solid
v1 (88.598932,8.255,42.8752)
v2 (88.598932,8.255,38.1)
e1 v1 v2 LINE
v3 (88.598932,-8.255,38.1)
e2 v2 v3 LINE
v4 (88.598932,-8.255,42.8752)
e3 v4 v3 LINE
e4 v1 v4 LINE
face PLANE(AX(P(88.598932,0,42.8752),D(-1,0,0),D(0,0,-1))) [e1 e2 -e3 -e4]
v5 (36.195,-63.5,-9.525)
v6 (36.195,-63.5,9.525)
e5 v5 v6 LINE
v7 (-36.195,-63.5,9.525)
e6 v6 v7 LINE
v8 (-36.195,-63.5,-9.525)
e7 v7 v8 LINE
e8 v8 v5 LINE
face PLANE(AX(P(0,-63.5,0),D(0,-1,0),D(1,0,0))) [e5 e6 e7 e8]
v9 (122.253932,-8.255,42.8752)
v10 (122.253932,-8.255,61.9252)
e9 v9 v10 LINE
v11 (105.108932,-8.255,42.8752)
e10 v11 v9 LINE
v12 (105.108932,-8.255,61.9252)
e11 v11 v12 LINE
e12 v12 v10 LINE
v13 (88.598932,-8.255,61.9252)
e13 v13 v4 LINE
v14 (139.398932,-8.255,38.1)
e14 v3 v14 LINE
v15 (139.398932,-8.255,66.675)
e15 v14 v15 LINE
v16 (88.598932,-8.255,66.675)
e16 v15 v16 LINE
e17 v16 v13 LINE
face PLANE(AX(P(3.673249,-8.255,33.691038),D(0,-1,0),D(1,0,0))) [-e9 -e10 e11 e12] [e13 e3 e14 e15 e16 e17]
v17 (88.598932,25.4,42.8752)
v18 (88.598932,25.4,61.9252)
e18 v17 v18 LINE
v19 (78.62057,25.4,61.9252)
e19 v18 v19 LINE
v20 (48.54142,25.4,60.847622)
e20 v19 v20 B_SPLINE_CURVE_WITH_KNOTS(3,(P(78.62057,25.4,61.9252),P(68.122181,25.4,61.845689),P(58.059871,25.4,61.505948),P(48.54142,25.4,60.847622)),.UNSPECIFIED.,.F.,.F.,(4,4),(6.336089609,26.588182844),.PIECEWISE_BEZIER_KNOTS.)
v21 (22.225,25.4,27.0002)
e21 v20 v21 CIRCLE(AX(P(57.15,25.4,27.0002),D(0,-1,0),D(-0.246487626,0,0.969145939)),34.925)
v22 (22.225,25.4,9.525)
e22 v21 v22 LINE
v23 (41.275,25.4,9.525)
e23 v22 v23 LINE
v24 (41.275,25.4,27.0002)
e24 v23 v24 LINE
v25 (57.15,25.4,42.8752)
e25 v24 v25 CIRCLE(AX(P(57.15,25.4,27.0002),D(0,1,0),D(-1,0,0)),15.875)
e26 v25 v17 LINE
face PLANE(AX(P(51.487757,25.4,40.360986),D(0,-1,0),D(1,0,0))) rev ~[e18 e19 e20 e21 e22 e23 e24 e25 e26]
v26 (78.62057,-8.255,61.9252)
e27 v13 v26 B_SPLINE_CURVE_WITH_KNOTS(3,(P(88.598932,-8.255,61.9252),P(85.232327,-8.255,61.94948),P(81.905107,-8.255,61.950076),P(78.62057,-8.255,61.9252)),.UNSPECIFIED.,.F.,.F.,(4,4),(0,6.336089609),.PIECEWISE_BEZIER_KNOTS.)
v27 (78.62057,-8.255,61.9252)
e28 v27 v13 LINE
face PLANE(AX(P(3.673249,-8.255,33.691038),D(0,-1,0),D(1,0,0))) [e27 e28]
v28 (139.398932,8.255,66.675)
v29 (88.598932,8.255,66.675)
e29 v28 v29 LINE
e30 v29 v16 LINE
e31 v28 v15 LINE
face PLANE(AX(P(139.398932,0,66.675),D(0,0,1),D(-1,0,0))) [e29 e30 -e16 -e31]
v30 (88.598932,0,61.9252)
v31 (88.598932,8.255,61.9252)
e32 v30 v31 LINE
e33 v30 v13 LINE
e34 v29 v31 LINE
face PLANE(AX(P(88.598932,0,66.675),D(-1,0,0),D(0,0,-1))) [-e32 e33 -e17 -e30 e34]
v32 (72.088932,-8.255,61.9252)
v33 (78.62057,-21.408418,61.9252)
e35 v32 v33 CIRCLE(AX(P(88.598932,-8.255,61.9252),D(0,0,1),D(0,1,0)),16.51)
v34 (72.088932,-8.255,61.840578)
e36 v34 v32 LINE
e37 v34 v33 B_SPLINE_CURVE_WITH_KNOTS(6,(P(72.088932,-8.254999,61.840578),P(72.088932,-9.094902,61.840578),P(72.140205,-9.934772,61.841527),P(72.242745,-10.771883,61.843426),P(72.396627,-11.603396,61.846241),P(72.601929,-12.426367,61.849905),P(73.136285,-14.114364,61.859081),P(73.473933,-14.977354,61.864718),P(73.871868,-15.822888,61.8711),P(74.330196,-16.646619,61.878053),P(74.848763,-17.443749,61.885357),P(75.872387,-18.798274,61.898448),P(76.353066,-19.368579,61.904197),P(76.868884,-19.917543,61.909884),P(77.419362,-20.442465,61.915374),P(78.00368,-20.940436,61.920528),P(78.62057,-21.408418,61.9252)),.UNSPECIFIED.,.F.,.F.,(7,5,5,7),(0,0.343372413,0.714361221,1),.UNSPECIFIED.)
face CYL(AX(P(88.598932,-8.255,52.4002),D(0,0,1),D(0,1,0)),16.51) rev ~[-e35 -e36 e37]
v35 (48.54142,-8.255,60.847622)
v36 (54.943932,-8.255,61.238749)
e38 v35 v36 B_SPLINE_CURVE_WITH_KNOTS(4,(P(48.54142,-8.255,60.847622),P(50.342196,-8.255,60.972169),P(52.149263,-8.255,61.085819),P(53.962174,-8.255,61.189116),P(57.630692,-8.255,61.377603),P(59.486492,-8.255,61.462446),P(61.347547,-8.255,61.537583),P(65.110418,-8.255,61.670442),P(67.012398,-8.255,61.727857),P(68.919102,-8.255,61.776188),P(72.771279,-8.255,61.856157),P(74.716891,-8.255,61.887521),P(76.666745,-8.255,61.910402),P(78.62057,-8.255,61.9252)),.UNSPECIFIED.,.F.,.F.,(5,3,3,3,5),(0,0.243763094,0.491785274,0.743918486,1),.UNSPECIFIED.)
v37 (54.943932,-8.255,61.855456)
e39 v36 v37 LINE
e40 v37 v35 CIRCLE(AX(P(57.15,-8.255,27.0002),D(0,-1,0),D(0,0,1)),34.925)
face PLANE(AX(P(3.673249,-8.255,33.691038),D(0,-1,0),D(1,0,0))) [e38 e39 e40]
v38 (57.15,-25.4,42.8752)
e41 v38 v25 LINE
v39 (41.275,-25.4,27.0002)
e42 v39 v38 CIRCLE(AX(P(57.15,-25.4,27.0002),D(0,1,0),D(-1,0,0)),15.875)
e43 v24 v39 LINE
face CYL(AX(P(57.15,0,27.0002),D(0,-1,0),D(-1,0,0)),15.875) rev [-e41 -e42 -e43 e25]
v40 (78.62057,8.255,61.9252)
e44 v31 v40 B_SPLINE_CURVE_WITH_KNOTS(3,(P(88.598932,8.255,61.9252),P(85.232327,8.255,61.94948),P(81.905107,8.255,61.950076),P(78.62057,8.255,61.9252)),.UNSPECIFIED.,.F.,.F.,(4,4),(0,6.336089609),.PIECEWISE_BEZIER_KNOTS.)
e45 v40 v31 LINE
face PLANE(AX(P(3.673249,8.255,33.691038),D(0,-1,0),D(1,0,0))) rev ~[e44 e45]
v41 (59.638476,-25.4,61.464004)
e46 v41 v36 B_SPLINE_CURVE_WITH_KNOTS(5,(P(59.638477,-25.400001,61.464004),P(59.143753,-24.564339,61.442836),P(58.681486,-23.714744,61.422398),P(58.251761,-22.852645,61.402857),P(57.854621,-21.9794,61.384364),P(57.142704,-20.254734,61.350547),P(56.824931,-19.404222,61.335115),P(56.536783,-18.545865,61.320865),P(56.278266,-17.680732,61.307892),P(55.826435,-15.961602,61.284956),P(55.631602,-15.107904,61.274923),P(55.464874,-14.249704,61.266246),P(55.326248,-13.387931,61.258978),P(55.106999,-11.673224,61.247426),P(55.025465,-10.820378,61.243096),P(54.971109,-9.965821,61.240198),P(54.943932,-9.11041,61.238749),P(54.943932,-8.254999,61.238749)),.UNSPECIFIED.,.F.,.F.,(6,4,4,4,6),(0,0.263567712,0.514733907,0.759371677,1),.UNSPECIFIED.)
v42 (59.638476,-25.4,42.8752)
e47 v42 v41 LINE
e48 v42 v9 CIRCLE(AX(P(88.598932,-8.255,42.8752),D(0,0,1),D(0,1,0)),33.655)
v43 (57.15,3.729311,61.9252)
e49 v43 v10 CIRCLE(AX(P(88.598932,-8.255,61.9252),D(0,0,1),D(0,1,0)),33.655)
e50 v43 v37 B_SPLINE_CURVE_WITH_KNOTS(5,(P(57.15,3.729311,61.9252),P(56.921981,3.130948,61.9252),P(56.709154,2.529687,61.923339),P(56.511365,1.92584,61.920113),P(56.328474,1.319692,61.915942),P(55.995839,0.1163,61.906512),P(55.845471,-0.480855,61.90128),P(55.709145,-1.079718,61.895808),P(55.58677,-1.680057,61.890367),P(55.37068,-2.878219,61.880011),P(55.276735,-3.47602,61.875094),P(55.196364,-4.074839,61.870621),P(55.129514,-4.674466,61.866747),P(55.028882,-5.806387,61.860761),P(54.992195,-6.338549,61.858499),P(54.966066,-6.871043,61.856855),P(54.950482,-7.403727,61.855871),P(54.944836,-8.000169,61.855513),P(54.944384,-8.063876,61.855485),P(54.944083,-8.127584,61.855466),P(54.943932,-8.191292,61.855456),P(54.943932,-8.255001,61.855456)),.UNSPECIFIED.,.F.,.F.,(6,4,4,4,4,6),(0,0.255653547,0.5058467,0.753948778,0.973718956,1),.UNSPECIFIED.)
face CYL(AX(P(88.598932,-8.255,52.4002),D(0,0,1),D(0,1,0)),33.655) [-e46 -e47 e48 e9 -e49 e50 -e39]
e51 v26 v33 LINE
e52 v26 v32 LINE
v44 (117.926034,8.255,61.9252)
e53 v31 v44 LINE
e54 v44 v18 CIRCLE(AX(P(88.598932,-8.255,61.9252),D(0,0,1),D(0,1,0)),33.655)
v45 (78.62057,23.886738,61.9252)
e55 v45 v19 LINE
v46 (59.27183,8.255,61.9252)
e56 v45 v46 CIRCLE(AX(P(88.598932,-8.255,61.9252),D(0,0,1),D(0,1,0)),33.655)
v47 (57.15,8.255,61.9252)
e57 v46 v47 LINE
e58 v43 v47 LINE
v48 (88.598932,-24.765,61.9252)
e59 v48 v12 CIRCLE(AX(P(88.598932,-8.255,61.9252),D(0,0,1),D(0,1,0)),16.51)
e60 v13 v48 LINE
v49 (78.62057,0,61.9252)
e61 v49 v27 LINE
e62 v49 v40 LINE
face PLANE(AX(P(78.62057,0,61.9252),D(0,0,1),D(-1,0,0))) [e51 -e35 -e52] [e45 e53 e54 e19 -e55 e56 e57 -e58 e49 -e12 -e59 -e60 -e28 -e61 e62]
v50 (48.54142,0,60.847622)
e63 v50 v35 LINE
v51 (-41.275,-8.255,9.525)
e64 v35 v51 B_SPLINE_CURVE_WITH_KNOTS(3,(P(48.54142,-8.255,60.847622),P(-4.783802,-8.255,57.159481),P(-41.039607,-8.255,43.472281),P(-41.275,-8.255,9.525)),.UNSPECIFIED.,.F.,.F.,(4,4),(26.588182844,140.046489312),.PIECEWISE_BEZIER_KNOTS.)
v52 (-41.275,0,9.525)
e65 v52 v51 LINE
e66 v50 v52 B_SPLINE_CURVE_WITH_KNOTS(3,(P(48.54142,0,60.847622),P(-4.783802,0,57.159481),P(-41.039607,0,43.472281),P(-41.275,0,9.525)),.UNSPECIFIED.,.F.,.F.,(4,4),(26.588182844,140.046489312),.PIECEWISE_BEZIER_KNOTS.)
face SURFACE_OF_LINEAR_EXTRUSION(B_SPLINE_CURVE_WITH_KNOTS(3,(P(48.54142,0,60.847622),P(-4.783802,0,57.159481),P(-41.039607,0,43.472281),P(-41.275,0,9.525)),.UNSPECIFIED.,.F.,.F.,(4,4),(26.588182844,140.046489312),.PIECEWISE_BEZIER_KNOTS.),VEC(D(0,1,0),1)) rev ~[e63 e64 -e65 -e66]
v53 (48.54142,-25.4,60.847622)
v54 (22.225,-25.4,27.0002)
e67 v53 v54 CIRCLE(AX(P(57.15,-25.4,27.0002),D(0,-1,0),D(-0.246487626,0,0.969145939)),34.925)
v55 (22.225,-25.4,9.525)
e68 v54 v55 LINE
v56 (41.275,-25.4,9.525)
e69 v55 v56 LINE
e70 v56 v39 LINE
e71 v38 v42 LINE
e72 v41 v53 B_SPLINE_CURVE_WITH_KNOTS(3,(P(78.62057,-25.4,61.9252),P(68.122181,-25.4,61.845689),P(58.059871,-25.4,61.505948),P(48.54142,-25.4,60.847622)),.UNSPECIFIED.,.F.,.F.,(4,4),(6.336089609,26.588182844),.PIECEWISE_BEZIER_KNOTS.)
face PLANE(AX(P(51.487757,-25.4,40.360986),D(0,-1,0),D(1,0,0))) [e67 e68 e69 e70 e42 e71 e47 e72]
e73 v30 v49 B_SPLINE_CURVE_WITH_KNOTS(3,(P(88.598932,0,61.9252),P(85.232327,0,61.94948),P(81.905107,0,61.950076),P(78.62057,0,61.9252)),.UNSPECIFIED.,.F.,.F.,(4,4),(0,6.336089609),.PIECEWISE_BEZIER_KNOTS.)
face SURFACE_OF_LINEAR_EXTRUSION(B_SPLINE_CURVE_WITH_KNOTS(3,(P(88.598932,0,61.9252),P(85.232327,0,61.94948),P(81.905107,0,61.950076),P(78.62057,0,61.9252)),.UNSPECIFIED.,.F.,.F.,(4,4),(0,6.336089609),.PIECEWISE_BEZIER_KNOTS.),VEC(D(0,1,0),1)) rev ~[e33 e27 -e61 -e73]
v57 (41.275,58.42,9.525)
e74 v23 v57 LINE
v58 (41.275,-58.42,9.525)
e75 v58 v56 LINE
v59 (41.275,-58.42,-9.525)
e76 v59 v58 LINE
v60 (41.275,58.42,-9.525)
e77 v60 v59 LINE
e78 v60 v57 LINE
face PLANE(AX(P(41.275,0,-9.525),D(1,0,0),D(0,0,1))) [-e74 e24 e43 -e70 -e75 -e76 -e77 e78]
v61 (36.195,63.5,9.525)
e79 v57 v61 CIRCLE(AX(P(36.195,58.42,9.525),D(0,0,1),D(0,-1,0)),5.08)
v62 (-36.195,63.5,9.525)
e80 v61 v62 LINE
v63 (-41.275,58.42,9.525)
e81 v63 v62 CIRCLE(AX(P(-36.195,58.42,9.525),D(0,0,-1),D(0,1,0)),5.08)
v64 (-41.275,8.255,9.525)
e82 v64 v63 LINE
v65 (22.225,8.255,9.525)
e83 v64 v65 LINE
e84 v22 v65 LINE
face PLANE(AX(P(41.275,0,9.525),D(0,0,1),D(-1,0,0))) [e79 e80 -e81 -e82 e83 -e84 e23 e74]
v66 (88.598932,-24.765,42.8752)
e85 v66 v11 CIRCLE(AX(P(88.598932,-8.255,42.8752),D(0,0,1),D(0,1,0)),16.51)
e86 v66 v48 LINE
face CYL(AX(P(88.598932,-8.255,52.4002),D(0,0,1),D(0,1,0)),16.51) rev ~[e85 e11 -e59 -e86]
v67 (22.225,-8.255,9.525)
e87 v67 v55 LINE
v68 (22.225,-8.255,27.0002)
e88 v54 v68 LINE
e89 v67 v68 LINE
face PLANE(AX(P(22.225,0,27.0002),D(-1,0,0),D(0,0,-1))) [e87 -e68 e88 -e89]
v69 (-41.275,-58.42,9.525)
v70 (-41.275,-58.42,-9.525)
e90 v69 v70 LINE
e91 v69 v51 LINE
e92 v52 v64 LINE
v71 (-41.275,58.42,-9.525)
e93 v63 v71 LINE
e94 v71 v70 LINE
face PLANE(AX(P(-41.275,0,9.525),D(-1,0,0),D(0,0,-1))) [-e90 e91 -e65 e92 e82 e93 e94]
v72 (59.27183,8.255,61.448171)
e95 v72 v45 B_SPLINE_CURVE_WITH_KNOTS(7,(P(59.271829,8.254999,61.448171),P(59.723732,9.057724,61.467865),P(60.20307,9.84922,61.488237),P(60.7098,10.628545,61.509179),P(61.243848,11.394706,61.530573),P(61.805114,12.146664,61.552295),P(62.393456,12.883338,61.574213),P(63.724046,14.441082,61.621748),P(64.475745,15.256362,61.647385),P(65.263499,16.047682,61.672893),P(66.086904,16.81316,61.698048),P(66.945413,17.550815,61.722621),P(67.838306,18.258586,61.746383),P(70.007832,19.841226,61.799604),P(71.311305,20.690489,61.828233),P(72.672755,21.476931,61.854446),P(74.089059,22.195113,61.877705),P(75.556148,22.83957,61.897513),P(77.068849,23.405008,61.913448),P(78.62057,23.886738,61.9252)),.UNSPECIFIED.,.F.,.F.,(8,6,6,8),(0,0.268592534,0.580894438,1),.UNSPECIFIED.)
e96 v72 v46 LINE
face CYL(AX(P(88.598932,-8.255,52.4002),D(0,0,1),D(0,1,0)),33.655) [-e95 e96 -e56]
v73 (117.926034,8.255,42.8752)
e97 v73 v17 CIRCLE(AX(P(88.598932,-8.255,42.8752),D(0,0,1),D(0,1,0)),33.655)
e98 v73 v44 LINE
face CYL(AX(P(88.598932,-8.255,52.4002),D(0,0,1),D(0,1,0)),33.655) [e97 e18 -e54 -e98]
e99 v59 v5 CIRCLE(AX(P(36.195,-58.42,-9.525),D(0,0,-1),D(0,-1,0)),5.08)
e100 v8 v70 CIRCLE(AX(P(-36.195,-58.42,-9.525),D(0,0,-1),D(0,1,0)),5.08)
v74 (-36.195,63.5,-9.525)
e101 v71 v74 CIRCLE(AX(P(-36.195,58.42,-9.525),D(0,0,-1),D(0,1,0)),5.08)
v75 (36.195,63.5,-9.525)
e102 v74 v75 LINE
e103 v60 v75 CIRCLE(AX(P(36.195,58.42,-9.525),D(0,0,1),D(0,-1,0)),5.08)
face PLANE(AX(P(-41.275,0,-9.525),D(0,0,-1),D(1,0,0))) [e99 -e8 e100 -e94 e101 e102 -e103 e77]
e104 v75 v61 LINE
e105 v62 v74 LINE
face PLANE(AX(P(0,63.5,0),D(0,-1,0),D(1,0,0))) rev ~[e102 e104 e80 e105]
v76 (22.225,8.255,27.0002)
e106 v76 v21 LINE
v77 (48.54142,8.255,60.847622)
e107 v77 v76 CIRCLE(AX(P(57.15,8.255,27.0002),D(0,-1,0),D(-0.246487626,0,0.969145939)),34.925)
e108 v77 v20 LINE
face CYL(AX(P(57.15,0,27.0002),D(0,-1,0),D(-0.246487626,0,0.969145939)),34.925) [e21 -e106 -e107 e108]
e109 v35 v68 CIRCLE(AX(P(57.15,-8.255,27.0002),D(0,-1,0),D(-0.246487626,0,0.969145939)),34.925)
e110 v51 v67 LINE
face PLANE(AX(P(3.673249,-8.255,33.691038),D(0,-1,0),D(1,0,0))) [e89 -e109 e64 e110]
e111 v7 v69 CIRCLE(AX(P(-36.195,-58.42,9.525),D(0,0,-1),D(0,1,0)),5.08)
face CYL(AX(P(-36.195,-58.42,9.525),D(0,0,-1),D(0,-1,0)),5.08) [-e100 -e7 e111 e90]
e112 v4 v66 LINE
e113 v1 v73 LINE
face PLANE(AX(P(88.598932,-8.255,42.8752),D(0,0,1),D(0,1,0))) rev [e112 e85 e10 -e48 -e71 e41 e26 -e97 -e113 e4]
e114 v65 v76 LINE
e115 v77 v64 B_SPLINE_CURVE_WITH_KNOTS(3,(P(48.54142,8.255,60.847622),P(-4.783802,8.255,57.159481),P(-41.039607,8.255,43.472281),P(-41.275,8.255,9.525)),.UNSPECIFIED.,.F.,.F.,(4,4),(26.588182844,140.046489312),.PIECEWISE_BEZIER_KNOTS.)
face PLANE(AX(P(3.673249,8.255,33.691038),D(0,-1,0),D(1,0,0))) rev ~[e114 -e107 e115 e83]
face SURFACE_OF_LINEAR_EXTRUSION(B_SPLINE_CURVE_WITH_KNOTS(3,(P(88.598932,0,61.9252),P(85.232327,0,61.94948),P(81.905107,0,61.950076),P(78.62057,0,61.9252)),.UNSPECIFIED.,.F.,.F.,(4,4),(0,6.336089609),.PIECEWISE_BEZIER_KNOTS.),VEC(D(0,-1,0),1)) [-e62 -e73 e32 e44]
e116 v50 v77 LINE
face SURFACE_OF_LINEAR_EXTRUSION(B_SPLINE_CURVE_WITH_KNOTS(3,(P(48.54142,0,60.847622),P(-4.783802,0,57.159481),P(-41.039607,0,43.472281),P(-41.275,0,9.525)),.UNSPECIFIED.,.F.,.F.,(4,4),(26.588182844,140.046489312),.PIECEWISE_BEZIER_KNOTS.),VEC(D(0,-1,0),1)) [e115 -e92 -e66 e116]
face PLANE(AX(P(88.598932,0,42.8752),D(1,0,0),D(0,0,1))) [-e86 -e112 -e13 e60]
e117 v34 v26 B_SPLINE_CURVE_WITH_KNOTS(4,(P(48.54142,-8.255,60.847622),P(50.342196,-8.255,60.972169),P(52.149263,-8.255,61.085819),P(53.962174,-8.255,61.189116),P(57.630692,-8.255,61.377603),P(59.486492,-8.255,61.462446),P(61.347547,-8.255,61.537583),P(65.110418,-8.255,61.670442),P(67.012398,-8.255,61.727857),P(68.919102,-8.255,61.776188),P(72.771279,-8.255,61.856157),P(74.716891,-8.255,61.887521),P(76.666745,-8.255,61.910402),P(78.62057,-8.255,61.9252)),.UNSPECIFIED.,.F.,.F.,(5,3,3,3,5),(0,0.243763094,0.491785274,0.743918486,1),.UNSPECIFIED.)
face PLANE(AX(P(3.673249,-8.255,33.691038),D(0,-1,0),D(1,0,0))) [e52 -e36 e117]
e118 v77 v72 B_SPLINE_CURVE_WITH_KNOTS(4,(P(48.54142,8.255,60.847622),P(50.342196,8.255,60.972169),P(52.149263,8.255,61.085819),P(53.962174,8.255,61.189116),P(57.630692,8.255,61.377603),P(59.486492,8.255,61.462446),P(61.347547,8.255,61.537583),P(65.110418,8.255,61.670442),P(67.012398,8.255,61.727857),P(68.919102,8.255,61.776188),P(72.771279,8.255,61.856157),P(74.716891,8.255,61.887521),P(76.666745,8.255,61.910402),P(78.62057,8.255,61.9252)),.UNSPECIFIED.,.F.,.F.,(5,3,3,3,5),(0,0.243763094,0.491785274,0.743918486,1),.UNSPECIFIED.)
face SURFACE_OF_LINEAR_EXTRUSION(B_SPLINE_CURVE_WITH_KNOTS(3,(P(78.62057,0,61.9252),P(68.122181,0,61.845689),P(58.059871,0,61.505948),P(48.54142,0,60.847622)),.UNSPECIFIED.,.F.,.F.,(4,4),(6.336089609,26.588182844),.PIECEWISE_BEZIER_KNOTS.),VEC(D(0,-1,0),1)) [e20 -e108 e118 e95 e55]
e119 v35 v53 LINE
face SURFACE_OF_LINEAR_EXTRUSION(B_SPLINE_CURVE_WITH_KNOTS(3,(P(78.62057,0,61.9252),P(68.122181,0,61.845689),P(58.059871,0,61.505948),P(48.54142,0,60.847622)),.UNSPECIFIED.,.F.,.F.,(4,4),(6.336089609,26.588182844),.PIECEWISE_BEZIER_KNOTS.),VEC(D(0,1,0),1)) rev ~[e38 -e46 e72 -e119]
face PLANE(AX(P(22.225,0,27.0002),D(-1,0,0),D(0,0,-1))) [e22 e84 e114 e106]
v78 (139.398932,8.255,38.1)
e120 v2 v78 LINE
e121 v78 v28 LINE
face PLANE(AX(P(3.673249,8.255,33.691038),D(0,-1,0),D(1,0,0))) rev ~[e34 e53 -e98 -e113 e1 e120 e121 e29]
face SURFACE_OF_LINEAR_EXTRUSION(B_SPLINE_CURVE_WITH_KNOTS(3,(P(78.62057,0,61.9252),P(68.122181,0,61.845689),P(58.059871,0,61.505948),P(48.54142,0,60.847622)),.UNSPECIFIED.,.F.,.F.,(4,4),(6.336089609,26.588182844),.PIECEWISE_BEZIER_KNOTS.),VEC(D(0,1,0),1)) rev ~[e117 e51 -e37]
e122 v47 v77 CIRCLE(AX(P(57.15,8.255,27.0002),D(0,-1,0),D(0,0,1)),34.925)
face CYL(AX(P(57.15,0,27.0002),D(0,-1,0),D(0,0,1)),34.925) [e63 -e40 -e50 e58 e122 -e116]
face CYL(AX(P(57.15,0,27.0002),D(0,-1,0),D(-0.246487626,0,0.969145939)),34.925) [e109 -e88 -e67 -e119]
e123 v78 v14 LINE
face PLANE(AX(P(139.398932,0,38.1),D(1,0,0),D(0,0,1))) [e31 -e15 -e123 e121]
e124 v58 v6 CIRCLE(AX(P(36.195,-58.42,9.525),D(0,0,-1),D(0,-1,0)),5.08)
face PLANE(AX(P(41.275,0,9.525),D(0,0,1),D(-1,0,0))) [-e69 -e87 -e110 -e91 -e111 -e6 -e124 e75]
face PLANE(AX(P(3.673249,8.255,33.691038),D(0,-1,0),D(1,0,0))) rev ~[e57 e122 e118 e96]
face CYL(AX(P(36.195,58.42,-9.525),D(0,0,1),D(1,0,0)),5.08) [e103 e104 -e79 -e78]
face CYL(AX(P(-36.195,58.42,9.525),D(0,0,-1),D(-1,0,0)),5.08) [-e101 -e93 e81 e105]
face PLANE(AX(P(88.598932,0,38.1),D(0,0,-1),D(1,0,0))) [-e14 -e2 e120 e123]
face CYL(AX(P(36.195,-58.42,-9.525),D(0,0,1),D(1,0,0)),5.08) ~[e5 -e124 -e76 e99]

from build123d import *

# Parameters (mm, degrees)
F1_DEPTH  = 63.5
F2_DEPTH  = 25.4
F3_DEPTH  = 8.255
F3_FACE_W = 17.145
F3_FACE_H = 19.05
F5_R      = 5.08


with BuildPart() as f1:
    # F0 (on Front) → F1 (new body, symmetric)
    with BuildSketch(Plane.XZ):
        Polygon((22.225, 9.525), (-41.275, 9.525), (-41.275, -9.525), (41.275, -9.525), (41.275, 9.525), align=None)
    extrude(amount=F1_DEPTH, both=True)

    # F0 (on Front) → F2 (join, symmetric)
    with BuildSketch(Plane.XZ):
        with BuildLine():
            Line((22.225, 27.0002), (22.225, 9.525))
            Line((22.225, 9.525), (41.275, 9.525))
            Line((41.275, 9.525), (41.275, 27.0002))
            ThreePointArc((41.275, 27.0002), (45.9246798487, 38.2255201513), (57.15, 42.8752))
            Line((57.15, 42.8752), (88.5989319826, 42.8752))
            Line((88.5989319826, 42.8752), (88.5989319826, 61.9252))
            Line((88.5989319826, 61.9252), (78.620570292, 61.9252))
            add(Edge.make_bspline(
                [(78.620570292, 61.9252), (68.1221807027, 61.8456885377), (58.0598709285, 61.5059481055), (48.5414196568, 60.8476219029)],
                knots=[6.3360896089, 6.3360896089, 6.3360896089, 6.3360896089, 26.5881828435, 26.5881828435, 26.5881828435, 26.5881828435], degree=3))
            ThreePointArc((48.5414196568, 60.8476219029), (29.5781820196, 48.4373284984), (22.225, 27.0002))
        make_face()
    extrude(amount=F2_DEPTH, both=True)

    # F0 (on Front) → F3 (join, symmetric)
    with BuildSketch(Plane.XZ):
        with BuildLine():
            add(Edge.make_bspline(
                [(48.5414196568, 60.8476219029), (-4.783802037, 57.1594808708), (-41.0396070564, 43.4722808258), (-41.275, 9.525)],
                knots=[26.5881828435, 26.5881828435, 26.5881828435, 26.5881828435, 140.0464893122, 140.0464893122, 140.0464893122, 140.0464893122], degree=3))
            Line((-41.275, 9.525), (22.225, 9.525))
            Line((22.225, 9.525), (22.225, 27.0002))
            ThreePointArc((22.225, 27.0002), (29.5781820196, 48.4373284984), (48.5414196568, 60.8476219029))
        make_face()
        Polygon((22.225, 9.525), (-41.275, 9.525), (-41.275, -9.525), (41.275, -9.525), (41.275, 9.525), align=None)
        with BuildLine():
            Line((22.225, 27.0002), (22.225, 9.525))
            Line((22.225, 9.525), (41.275, 9.525))
            Line((41.275, 9.525), (41.275, 27.0002))
            ThreePointArc((41.275, 27.0002), (45.9246798487, 38.2255201513), (57.15, 42.8752))
            Line((57.15, 42.8752), (88.5989319826, 42.8752))
            Line((88.5989319826, 42.8752), (88.5989319826, 61.9252))
            Line((88.5989319826, 61.9252), (78.620570292, 61.9252))
            add(Edge.make_bspline(
                [(78.620570292, 61.9252), (68.1221807027, 61.8456885377), (58.0598709285, 61.5059481055), (48.5414196568, 60.8476219029)],
                knots=[6.3360896089, 6.3360896089, 6.3360896089, 6.3360896089, 26.5881828435, 26.5881828435, 26.5881828435, 26.5881828435], degree=3))
            ThreePointArc((48.5414196568, 60.8476219029), (29.5781820196, 48.4373284984), (22.225, 27.0002))
        make_face()
        with BuildLine():
            ThreePointArc((57.15, 61.9252), (52.8121194668, 61.6547583939), (48.5414196568, 60.8476219029))
            add(Edge.make_bspline(
                [(78.620570292, 61.9252), (68.1221807027, 61.8456885377), (58.0598709285, 61.5059481055), (48.5414196568, 60.8476219029)],
                knots=[6.3360896089, 6.3360896089, 6.3360896089, 6.3360896089, 26.5881828435, 26.5881828435, 26.5881828435, 26.5881828435], degree=3))
            Line((78.620570292, 61.9252), (57.15, 61.9252))
        make_face()
        with BuildLine():
            add(Edge.make_bspline(
                [(88.5989319826, 61.9252), (85.23232743, 61.9494803379), (81.9051066812, 61.9500760335), (78.620570292, 61.9252)],
                knots=[0, 0, 0, 0, 6.3360896089, 6.3360896089, 6.3360896089, 6.3360896089], degree=3))
            Line((78.620570292, 61.9252), (88.5989319826, 61.9252))
        make_face()
        Polygon((88.5989319826, 66.675), (88.5989319826, 61.9252), (88.5989319826, 42.8752), (88.5989319826, 38.1), (139.3989319826, 38.1), (139.3989319826, 66.675), align=None)
    extrude(amount=F3_DEPTH, both=True)

    # F3_face (on face) → F4 (revolve)
    with BuildSketch(Plane(origin=(88.5989319826, 16.8275, 52.4002), x_dir=(0, 1, 0), z_dir=(1, 0, 0))):
        Rectangle(F3_FACE_W, F3_FACE_H)
    revolve(axis=Axis((88.5989319826, -8.255, 52.4002), (0, 0, 1)))

    # F5
    f5_edges = [f1.edges().sort_by_distance(p)[0] for p in [
        (-41.275, -63.5, 0),
        (41.275, -63.5, 0),
        (41.275, 63.5, 0),
        (-41.275, 63.5, 0),
    ]]
    fillet(f5_edges, radius=F5_R)


solid = f1.part
